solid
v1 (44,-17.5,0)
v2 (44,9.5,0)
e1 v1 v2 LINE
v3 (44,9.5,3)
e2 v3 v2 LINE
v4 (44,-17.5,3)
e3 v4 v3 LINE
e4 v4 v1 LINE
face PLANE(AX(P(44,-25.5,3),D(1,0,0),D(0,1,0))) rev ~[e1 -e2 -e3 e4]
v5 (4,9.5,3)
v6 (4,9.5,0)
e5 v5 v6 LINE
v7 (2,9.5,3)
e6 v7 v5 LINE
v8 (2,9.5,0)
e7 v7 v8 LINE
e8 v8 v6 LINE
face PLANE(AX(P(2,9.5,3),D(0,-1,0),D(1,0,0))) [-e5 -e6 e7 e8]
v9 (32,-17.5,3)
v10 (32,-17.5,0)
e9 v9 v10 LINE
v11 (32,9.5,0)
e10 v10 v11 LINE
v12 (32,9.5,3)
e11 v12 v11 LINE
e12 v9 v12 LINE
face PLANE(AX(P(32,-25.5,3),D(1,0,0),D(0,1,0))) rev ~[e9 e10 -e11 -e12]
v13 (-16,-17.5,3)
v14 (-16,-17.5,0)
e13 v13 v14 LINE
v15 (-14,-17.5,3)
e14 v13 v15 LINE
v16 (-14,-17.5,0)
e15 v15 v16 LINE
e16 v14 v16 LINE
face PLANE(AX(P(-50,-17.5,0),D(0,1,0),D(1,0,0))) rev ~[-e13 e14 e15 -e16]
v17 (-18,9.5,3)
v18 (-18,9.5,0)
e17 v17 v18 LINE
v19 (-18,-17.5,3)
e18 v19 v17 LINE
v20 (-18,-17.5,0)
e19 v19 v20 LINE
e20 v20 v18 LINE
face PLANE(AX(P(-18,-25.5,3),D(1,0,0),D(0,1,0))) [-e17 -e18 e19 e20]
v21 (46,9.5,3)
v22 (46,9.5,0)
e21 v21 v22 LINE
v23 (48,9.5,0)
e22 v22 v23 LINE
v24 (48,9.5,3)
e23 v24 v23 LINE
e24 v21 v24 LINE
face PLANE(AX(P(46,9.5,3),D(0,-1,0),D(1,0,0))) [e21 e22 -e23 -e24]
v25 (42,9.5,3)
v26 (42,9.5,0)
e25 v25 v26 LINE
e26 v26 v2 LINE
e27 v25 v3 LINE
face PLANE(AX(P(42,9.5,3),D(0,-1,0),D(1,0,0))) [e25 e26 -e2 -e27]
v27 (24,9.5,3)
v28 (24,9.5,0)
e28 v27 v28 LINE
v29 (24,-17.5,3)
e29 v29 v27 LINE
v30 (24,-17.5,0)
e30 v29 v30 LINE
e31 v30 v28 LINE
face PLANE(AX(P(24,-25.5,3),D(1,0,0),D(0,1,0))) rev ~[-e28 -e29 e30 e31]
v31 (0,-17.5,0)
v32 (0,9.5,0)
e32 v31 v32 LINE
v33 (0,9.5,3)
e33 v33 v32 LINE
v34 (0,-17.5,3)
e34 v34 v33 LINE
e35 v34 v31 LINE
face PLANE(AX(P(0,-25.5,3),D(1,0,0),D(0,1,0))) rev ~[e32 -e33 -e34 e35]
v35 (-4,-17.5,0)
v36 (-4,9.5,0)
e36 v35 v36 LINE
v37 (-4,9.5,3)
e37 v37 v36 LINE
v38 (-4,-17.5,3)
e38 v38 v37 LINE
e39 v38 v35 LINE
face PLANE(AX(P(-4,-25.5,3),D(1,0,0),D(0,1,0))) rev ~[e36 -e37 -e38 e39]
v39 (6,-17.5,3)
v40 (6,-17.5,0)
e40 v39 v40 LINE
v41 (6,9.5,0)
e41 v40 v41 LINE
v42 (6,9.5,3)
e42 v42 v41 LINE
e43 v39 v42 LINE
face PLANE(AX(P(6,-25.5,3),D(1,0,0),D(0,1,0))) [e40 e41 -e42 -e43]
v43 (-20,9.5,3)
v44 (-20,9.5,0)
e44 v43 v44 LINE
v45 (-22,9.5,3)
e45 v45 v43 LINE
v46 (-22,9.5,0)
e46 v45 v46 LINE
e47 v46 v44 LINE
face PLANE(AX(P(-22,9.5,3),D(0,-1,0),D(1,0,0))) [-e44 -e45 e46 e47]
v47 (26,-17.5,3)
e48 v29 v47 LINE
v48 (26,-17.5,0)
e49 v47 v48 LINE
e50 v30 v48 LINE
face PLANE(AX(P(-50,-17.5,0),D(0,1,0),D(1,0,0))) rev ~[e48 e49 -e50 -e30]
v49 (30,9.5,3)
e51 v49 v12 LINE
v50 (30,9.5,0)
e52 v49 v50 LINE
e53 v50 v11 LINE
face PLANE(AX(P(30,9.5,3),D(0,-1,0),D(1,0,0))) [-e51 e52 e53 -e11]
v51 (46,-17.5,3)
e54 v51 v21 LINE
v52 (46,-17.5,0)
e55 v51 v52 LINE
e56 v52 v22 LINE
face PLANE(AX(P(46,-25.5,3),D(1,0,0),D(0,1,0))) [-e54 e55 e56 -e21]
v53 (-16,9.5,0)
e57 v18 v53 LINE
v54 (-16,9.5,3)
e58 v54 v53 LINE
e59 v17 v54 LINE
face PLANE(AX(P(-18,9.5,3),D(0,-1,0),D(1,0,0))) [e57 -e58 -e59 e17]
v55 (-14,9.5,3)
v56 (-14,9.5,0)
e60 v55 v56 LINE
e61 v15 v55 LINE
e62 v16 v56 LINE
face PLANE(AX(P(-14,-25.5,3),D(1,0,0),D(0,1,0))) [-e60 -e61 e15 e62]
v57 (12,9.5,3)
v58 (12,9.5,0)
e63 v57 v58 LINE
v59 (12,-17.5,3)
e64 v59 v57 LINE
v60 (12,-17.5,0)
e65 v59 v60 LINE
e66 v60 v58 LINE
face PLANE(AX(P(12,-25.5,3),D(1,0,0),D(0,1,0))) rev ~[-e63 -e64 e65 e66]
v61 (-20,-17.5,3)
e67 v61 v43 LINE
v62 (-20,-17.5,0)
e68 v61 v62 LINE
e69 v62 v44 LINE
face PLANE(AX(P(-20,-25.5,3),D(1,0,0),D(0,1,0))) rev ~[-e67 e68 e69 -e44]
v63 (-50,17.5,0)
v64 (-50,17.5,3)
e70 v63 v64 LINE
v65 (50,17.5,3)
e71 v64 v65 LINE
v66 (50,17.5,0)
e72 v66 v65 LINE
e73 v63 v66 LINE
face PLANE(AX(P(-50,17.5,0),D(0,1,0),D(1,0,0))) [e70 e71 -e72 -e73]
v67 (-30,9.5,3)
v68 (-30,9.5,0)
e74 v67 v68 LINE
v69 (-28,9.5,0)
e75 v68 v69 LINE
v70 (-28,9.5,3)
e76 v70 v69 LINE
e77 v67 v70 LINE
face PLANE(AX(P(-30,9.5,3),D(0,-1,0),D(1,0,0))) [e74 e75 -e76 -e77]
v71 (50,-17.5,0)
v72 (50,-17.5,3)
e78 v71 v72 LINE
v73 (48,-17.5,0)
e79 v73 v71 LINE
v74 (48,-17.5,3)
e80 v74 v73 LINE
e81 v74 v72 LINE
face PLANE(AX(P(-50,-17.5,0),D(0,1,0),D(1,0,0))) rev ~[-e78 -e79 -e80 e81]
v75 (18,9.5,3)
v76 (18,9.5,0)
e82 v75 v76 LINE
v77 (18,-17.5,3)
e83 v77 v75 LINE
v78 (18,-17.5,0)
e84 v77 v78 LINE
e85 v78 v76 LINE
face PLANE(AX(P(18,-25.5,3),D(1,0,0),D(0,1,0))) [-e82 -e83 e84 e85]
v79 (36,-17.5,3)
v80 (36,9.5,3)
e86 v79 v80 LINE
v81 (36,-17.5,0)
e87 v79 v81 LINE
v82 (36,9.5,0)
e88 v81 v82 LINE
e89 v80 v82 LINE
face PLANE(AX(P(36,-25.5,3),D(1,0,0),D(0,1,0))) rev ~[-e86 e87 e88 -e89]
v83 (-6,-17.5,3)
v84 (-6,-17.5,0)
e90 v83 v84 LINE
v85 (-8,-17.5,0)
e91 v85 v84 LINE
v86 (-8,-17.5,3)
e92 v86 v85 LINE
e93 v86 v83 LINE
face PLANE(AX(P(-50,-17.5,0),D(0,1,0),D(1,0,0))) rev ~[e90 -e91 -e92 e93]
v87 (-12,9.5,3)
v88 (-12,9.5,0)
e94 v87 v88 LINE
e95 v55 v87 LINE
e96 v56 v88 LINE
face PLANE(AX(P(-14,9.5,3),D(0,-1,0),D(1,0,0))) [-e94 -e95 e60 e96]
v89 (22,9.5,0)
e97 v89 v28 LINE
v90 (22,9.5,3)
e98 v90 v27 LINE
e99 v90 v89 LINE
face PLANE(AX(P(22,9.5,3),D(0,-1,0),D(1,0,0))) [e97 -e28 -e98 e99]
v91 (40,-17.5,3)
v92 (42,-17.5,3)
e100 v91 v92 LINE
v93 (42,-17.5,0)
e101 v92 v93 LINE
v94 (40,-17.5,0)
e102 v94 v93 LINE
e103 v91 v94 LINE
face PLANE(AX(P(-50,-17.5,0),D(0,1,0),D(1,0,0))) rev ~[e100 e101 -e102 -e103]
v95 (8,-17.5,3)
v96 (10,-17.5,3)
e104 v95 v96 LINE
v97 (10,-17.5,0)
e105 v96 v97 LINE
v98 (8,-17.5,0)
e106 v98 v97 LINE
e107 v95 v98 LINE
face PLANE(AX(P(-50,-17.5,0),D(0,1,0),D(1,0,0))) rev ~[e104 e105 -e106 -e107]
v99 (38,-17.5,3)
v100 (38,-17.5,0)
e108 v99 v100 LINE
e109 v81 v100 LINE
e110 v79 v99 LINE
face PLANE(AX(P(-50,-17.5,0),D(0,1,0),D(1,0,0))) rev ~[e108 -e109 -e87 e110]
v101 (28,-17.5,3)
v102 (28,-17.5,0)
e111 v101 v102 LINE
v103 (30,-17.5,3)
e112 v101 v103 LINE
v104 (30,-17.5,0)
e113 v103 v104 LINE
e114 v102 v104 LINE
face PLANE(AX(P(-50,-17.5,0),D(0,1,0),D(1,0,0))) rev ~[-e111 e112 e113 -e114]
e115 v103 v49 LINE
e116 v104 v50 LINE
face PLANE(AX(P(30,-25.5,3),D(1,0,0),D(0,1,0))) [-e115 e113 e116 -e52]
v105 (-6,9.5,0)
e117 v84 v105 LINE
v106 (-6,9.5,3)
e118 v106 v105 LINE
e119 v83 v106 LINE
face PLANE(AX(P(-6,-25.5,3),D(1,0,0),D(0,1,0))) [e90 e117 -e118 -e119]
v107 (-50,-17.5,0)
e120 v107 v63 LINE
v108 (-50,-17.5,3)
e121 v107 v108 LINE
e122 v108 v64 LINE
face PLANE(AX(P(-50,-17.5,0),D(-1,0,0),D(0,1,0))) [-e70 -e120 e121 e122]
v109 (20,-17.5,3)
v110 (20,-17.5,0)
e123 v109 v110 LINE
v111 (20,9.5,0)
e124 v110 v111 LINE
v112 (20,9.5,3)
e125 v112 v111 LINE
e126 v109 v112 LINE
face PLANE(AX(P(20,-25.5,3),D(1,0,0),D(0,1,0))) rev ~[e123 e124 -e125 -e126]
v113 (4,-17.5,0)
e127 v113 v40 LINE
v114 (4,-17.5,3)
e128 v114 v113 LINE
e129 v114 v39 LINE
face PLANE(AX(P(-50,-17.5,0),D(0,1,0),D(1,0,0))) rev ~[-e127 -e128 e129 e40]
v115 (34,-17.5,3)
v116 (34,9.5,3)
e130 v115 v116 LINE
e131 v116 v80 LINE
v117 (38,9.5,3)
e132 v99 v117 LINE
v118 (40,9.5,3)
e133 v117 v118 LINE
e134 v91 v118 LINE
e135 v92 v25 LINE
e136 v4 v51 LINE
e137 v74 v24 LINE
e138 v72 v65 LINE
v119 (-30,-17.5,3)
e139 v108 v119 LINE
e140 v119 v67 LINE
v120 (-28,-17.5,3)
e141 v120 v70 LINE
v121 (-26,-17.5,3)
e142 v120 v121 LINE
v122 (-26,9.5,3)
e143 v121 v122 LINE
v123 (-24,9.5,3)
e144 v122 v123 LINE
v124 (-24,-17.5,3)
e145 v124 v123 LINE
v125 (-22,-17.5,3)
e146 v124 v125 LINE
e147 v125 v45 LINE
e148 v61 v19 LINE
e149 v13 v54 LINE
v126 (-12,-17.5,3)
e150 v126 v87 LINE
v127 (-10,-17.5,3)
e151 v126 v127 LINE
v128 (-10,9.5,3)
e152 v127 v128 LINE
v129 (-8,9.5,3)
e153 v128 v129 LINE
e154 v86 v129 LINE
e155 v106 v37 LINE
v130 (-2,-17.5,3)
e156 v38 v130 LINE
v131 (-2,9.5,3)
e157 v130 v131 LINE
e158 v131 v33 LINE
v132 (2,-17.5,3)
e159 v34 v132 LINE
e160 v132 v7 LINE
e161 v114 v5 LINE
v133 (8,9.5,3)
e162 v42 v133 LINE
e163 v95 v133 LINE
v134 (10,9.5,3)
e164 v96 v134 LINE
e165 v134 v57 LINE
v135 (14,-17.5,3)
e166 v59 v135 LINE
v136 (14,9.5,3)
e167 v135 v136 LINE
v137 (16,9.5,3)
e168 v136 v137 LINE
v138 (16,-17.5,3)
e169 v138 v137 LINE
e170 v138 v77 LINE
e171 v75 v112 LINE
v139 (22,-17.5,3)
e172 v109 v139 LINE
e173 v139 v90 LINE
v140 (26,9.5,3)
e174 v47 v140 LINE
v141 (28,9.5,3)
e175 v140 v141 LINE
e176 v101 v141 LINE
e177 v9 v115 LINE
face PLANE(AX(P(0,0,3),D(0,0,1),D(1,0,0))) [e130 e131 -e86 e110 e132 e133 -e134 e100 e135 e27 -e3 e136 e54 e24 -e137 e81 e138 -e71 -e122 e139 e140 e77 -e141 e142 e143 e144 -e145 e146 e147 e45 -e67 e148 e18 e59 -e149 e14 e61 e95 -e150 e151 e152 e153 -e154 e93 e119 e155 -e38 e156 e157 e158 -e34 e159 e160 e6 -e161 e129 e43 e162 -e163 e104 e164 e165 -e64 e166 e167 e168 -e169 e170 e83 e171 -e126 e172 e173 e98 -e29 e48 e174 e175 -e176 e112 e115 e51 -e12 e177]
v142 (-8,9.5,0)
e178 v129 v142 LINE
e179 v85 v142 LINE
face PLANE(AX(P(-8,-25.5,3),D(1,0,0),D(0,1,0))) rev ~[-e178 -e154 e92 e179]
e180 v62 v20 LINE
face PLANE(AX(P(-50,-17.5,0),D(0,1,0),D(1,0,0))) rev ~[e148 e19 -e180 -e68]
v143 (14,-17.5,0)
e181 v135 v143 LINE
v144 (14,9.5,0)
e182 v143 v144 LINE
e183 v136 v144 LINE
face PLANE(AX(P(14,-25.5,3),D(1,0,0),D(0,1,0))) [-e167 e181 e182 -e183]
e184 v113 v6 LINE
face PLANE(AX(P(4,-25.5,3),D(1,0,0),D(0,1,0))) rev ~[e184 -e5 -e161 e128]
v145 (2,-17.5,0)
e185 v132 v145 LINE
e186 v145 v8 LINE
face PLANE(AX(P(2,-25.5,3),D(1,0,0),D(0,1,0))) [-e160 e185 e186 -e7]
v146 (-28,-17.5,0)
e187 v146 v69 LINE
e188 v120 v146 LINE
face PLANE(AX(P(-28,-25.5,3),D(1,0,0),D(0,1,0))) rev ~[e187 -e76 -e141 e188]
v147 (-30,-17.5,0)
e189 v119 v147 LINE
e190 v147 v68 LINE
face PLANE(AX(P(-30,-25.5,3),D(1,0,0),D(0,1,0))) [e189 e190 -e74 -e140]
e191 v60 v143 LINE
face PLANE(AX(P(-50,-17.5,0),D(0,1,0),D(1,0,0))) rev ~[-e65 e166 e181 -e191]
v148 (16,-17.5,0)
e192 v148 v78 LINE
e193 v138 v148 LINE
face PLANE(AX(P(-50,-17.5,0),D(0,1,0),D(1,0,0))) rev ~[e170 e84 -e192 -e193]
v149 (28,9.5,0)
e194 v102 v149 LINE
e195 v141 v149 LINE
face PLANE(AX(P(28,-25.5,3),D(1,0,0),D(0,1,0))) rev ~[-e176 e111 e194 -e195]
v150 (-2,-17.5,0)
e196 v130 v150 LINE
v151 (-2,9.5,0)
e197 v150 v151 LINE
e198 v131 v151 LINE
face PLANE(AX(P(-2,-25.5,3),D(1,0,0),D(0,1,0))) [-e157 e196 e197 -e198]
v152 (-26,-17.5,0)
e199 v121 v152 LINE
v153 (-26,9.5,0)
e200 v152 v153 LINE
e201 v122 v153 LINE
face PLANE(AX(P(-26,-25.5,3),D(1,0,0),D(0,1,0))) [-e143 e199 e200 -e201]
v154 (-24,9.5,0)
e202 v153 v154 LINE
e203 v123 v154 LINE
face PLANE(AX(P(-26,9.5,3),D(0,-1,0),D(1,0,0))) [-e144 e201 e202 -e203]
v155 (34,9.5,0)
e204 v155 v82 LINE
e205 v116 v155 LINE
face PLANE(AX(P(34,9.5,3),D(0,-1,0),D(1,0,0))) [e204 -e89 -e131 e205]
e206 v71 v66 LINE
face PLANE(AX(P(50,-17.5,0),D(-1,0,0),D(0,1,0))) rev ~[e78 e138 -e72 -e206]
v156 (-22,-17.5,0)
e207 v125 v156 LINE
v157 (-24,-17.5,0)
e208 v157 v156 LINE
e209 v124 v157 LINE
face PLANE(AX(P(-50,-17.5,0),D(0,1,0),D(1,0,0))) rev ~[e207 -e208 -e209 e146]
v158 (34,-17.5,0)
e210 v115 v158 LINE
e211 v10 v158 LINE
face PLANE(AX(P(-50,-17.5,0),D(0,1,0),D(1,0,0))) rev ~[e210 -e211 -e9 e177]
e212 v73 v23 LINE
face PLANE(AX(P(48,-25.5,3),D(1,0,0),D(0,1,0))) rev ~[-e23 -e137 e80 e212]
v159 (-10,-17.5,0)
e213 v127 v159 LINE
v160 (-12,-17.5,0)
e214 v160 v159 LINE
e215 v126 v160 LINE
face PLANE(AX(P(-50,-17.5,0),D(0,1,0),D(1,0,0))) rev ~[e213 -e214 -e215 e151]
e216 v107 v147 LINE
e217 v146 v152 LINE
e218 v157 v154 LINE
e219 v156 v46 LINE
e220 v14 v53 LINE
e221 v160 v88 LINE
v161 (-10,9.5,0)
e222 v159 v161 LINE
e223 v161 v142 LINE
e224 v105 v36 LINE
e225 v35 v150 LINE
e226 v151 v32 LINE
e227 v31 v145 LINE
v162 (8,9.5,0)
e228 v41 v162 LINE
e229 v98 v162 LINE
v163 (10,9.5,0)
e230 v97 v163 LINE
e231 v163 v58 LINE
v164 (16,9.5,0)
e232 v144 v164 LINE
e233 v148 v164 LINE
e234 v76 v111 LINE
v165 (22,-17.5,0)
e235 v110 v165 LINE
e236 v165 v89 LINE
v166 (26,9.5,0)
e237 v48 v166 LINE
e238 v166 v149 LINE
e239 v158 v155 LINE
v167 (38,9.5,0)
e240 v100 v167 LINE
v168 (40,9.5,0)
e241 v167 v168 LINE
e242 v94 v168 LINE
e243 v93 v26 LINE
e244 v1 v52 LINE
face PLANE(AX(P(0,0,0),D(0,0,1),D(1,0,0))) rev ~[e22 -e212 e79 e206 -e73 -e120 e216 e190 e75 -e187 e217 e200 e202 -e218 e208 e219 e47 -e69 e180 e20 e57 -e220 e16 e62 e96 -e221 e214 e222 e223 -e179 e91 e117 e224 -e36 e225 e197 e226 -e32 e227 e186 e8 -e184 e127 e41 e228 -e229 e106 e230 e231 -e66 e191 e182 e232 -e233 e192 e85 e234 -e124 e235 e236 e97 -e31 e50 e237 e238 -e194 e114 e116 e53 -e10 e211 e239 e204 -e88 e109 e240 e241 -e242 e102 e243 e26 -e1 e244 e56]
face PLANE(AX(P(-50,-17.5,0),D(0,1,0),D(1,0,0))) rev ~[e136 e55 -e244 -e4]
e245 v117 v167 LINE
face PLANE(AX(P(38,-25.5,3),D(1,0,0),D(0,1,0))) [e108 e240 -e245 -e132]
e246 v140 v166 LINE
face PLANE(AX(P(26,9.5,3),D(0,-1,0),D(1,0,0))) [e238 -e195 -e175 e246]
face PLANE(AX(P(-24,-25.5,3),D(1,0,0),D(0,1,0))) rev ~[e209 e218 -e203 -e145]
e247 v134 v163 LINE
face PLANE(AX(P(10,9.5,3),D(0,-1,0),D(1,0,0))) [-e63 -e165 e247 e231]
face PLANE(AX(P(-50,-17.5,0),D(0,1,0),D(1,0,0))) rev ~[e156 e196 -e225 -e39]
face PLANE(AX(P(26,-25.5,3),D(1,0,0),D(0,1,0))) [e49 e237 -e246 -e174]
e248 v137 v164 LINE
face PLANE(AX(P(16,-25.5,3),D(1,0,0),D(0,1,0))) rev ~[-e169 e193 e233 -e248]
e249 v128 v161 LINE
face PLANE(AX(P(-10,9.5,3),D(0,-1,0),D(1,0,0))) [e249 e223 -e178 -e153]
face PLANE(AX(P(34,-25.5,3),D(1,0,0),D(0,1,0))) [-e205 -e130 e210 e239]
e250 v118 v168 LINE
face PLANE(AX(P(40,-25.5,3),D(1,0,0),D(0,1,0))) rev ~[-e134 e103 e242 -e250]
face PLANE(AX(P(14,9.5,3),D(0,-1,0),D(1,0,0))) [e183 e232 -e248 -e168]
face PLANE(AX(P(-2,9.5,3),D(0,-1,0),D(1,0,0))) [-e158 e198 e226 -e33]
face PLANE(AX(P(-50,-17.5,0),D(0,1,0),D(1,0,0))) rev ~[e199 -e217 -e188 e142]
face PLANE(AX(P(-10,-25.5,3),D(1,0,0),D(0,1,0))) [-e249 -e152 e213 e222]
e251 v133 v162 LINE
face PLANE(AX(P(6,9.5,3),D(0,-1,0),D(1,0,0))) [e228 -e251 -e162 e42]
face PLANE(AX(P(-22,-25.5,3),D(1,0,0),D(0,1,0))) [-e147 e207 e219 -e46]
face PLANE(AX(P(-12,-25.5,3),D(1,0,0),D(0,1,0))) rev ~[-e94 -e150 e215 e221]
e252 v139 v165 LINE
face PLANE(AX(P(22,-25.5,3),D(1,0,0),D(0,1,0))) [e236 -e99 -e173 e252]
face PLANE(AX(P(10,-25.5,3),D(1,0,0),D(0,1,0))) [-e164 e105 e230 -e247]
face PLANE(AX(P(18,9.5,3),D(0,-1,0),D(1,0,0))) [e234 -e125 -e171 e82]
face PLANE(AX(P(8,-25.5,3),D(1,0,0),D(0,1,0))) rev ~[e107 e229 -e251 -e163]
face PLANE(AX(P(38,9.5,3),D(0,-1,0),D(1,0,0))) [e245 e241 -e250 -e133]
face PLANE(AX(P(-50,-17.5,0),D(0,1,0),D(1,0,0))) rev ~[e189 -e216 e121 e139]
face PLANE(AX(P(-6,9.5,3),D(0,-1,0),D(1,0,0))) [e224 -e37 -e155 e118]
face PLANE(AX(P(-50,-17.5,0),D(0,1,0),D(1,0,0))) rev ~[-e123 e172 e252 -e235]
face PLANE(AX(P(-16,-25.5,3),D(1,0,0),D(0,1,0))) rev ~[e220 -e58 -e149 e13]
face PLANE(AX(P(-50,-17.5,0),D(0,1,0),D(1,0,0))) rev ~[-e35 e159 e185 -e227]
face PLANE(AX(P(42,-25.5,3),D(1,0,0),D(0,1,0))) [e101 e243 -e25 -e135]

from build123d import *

# Parameters (mm, degrees)
F0_W     = 100
F0_H     = 35
F1_DEPTH = 3
F2_W     = 2
F2_H     = 35
F3_DEPTH = 3.001


with BuildPart() as f1:
    # F0 (on Top) → F1 (new body)
    with BuildSketch(Plane.XY):
        Rectangle(F0_W, F0_H)
    extrude(amount=F1_DEPTH)

    # F2 (on face) → F3 (cut, through all)
    with BuildSketch(Plane.XY.offset(3)):
        with Locations((47, -8)):
            Rectangle(F2_W, F2_H)
        with Locations((43, -8)):
            Rectangle(F2_W, F2_H)
        with Locations((39, -8)):
            Rectangle(F2_W, F2_H)
        with Locations((35, -8)):
            Rectangle(F2_W, F2_H)
        with Locations((31, -8)):
            Rectangle(F2_W, F2_H)
        with Locations((27, -8)):
            Rectangle(F2_W, F2_H)
        with Locations((23, -8)):
            Rectangle(F2_W, F2_H)
        with Locations((19, -8)):
            Rectangle(F2_W, F2_H)
        with Locations((15, -8)):
            Rectangle(F2_W, F2_H)
        with Locations((11, -8)):
            Rectangle(F2_W, F2_H)
        with Locations((7, -8)):
            Rectangle(F2_W, F2_H)
        with Locations((3, -8)):
            Rectangle(F2_W, F2_H)
        with Locations((-1, -8)):
            Rectangle(F2_W, F2_H)
        with Locations((-5, -8)):
            Rectangle(F2_W, F2_H)
        with Locations((-9, -8)):
            Rectangle(F2_W, F2_H)
        with Locations((-13, -8)):
            Rectangle(F2_W, F2_H)
        with Locations((-17, -8)):
            Rectangle(F2_W, F2_H)
        with Locations((-21, -8)):
            Rectangle(F2_W, F2_H)
        with Locations((-25, -8)):
            Rectangle(F2_W, F2_H)
        with Locations((-29, -8)):
            Rectangle(F2_W, F2_H)
    extrude(amount=-F3_DEPTH, mode=Mode.SUBTRACT)


solid = f1.part
